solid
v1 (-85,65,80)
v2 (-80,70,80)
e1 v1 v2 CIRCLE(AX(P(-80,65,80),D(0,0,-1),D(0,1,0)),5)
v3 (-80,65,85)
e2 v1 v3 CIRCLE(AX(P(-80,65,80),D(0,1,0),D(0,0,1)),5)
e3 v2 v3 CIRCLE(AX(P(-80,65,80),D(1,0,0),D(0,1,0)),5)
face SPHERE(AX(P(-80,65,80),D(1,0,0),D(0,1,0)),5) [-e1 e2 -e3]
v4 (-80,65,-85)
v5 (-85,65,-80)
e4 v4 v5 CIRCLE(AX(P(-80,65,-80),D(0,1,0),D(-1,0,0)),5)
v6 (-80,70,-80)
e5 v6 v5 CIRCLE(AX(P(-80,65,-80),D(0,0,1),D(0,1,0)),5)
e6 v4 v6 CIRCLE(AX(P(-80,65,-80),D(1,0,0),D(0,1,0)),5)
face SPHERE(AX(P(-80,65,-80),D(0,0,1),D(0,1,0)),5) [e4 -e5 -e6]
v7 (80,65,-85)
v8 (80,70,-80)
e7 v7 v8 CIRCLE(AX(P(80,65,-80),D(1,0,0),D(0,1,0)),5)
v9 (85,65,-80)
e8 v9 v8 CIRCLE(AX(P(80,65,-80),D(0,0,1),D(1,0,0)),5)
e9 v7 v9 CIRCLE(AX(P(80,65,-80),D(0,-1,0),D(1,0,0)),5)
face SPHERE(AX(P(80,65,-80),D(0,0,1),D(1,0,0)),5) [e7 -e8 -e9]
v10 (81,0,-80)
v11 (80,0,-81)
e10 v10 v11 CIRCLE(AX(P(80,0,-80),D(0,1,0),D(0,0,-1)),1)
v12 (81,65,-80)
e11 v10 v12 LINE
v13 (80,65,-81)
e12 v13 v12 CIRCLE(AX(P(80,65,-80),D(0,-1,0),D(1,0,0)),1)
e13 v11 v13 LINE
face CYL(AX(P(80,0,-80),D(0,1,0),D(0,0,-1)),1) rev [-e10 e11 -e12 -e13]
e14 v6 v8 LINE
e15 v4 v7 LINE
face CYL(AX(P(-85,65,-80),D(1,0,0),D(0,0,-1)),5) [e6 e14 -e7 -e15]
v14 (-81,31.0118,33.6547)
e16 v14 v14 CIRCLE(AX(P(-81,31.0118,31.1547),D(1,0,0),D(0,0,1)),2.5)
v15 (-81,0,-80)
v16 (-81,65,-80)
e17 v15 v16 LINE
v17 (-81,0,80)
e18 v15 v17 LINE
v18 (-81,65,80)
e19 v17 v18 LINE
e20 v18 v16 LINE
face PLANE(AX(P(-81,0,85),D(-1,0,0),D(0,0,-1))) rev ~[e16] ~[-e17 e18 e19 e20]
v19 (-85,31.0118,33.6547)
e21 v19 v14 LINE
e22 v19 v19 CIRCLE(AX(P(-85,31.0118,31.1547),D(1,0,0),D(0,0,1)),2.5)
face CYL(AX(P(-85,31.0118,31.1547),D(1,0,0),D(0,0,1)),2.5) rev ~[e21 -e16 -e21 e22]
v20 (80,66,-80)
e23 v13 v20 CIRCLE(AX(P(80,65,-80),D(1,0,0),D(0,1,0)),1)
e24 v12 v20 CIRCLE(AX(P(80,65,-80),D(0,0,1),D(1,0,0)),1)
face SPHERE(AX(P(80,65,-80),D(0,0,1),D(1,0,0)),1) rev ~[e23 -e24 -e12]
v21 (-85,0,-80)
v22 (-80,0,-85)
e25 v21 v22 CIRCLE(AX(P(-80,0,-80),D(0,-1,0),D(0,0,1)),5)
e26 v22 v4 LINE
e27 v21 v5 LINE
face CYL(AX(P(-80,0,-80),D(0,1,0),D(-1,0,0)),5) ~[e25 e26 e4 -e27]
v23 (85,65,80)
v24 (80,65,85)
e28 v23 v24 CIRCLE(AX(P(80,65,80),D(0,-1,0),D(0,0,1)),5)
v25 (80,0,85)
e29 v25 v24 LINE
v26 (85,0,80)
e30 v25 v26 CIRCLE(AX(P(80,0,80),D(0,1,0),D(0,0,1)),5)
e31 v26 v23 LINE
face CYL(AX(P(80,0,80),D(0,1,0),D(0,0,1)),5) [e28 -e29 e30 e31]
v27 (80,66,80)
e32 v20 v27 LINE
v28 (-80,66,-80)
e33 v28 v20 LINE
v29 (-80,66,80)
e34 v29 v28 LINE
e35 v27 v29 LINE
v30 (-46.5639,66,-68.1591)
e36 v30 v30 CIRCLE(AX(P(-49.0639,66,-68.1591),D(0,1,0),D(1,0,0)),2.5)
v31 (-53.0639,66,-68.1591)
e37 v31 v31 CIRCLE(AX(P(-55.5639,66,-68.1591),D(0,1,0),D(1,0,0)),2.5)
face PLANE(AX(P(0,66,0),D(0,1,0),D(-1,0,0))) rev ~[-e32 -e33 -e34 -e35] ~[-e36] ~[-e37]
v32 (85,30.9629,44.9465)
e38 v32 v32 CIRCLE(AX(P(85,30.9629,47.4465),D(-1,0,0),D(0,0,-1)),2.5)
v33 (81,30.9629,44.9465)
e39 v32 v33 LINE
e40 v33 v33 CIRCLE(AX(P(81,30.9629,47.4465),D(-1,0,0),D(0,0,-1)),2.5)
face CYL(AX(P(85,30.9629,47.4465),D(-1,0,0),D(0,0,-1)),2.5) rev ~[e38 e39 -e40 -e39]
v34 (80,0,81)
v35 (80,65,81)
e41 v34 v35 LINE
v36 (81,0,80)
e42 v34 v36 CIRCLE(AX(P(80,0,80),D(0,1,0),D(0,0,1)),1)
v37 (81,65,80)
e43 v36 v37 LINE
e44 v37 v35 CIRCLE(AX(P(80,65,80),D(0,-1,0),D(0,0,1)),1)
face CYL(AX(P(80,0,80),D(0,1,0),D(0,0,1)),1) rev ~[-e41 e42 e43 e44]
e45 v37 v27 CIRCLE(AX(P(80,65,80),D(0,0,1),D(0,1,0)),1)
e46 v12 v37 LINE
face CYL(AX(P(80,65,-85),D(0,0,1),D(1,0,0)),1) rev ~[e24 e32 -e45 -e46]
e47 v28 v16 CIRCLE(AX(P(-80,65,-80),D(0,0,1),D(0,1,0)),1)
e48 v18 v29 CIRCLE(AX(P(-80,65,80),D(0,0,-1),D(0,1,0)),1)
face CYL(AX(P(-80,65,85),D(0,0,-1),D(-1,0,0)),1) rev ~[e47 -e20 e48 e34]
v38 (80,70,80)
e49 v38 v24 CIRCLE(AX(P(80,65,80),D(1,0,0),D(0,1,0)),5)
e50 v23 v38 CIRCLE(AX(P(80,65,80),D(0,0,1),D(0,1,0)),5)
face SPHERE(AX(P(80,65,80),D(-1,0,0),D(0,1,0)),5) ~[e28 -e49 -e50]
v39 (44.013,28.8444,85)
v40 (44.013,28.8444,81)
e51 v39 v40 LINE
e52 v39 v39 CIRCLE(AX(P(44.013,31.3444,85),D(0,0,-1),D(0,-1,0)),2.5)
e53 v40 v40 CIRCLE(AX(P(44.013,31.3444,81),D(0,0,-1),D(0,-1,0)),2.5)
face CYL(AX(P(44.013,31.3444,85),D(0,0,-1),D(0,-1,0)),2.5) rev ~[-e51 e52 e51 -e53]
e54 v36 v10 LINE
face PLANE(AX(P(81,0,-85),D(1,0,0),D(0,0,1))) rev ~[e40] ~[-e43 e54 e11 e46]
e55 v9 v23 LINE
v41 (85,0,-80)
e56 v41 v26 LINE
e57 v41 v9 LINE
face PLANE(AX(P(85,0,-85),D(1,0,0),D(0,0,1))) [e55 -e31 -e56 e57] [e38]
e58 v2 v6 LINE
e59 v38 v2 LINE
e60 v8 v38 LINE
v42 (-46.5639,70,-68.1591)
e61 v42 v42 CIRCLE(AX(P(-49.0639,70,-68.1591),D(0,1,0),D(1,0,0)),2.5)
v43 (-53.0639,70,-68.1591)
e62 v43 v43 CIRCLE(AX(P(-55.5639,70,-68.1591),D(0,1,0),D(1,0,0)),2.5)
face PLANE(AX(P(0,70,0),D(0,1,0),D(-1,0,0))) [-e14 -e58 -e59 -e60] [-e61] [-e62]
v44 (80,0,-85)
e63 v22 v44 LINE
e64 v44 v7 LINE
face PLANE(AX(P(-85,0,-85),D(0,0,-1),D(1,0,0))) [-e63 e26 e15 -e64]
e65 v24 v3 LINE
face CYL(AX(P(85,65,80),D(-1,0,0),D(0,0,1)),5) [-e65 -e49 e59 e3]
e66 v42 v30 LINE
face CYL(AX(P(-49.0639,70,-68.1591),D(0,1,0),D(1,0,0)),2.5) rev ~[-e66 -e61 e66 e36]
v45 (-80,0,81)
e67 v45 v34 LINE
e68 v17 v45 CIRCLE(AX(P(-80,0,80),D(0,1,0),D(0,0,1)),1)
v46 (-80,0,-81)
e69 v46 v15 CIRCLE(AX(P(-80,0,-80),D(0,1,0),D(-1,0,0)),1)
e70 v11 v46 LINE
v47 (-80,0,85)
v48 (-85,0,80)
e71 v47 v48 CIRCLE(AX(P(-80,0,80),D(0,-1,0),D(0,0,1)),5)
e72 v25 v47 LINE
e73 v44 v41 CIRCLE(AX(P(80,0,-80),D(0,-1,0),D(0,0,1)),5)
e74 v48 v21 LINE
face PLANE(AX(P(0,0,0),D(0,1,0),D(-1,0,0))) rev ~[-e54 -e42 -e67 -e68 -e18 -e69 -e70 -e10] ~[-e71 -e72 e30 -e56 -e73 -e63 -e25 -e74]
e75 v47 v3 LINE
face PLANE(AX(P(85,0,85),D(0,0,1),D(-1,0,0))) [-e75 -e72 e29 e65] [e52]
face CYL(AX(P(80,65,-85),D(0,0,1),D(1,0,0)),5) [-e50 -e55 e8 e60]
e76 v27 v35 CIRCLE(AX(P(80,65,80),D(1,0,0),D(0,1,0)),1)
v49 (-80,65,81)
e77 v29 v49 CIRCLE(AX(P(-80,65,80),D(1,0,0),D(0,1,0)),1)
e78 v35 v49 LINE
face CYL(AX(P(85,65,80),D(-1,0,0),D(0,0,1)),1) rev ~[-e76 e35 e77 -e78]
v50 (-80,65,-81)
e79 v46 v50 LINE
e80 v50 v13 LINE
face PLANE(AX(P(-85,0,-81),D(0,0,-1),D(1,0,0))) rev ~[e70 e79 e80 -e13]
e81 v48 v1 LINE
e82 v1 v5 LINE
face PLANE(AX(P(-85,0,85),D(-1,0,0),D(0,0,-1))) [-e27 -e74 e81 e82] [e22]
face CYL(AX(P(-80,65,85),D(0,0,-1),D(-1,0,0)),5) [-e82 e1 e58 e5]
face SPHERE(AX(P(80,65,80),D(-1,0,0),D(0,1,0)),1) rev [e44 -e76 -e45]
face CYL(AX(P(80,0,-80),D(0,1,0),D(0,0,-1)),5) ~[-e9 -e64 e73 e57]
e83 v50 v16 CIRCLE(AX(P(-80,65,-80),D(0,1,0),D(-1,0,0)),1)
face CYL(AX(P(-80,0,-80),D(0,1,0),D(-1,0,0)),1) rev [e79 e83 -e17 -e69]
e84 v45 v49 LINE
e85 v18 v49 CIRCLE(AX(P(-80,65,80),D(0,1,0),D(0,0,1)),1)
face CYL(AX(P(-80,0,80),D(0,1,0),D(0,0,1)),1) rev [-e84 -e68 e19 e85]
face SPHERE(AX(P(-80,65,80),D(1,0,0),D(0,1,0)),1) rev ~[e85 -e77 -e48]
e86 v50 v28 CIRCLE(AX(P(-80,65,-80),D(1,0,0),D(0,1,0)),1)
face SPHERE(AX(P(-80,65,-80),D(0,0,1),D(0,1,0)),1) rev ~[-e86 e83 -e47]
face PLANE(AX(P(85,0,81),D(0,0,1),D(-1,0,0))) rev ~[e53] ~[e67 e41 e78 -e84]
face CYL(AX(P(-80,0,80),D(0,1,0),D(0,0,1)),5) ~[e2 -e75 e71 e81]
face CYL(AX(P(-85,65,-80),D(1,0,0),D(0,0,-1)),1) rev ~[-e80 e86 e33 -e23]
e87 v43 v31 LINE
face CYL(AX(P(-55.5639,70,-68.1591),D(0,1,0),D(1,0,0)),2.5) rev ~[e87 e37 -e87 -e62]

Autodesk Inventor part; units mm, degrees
ref_plane "YZ Plane" through (0, 0, 0) normal (1, 0, 0) x (0, 1, 0)
ref_plane "XZ Plane" through (0, 0, 0) normal (0, 1, 0) x (-1, 0, 0)
ref_plane "XY Plane" through (0, 0, 0) normal (0, 0, 1) x (1, 0, 0)
sketch "Sketch1" plane through (0, 0, 0) normal (0, 1, 0) x (-1, 0, 0)
  line L0 (-85, 85) -> (85, 85)
  line L1 (85, 85) -> (85, -85)
  line L2 (85, -85) -> (-85, -85)
  line L3 (-85, -85) -> (-85, 85)
  line L4 (-85, 85) -> (85, -85) construction
  line L5 (85, 85) -> (-85, -85) construction
  point P0 (0, 0)
  dimension "d0" = 170
  dimension "d1" = 170
extrude "Extrusion1" add sketch "Sketch1" along normal blind 70
fillet "Fillet1" radius 5 8 edges at (0, 70, 85) (85, 70, 0) (-85, 70, 0) (-85, 35, 85) (85, 35, 85) (85, 35, -85) (0, 70, -85) (-85, 35, -85)
shell "Shell1" thickness 4 removed faces 1 at (28.3333, 0, -26.6667)
sketch "Sketch2" plane through (85, 0, 80) normal (1, 0, 0) x (0, 0, -1)
  point P0 (80, 0)
  point P1 (32.5535, 30.9629)
hole "Hole1" at (85, 30.9629, 47.4465) direction (-1, 0, 0) diameter 5 depth 8 tip angle 118
sketch "Sketch3" plane through (-80, 0, 85) normal (0, 0, 1) x (1, 0, 0)
  point P0 (80, 0)
  point P1 (124.013, 31.3444)
hole "Hole2" at (44.013, 31.3444, 85) direction (0, 0, -1) diameter 5 depth 8 tip angle 118
sketch "Sketch4" plane through (-85, 0, -80) normal (-1, 0, 0) x (0, 0, 1)
  point P0 (80, 0)
  point P1 (111.1547, 31.0118)
hole "Hole3" at (-85, 31.0118, 31.1547) direction (1, 0, 0) diameter 5 depth 8 tip angle 118
sketch "Sketch5" plane through (0, 70, 0) normal (0, 1, 0) x (1, 0, 0)
  circle A0 centre (-55.5639, 68.1591) radius 2.5
  circle A1 centre (-49.0639, 68.1591) radius 2.5
  point P0 (0, 0)
  dimension "d27" = 5
  dimension "d28" = 5
  dimension "d29" = 6.5
extrude "Extrusion2" cut sketch "Sketch5" against normal through all
properties part number "PCB_Housing_02"
